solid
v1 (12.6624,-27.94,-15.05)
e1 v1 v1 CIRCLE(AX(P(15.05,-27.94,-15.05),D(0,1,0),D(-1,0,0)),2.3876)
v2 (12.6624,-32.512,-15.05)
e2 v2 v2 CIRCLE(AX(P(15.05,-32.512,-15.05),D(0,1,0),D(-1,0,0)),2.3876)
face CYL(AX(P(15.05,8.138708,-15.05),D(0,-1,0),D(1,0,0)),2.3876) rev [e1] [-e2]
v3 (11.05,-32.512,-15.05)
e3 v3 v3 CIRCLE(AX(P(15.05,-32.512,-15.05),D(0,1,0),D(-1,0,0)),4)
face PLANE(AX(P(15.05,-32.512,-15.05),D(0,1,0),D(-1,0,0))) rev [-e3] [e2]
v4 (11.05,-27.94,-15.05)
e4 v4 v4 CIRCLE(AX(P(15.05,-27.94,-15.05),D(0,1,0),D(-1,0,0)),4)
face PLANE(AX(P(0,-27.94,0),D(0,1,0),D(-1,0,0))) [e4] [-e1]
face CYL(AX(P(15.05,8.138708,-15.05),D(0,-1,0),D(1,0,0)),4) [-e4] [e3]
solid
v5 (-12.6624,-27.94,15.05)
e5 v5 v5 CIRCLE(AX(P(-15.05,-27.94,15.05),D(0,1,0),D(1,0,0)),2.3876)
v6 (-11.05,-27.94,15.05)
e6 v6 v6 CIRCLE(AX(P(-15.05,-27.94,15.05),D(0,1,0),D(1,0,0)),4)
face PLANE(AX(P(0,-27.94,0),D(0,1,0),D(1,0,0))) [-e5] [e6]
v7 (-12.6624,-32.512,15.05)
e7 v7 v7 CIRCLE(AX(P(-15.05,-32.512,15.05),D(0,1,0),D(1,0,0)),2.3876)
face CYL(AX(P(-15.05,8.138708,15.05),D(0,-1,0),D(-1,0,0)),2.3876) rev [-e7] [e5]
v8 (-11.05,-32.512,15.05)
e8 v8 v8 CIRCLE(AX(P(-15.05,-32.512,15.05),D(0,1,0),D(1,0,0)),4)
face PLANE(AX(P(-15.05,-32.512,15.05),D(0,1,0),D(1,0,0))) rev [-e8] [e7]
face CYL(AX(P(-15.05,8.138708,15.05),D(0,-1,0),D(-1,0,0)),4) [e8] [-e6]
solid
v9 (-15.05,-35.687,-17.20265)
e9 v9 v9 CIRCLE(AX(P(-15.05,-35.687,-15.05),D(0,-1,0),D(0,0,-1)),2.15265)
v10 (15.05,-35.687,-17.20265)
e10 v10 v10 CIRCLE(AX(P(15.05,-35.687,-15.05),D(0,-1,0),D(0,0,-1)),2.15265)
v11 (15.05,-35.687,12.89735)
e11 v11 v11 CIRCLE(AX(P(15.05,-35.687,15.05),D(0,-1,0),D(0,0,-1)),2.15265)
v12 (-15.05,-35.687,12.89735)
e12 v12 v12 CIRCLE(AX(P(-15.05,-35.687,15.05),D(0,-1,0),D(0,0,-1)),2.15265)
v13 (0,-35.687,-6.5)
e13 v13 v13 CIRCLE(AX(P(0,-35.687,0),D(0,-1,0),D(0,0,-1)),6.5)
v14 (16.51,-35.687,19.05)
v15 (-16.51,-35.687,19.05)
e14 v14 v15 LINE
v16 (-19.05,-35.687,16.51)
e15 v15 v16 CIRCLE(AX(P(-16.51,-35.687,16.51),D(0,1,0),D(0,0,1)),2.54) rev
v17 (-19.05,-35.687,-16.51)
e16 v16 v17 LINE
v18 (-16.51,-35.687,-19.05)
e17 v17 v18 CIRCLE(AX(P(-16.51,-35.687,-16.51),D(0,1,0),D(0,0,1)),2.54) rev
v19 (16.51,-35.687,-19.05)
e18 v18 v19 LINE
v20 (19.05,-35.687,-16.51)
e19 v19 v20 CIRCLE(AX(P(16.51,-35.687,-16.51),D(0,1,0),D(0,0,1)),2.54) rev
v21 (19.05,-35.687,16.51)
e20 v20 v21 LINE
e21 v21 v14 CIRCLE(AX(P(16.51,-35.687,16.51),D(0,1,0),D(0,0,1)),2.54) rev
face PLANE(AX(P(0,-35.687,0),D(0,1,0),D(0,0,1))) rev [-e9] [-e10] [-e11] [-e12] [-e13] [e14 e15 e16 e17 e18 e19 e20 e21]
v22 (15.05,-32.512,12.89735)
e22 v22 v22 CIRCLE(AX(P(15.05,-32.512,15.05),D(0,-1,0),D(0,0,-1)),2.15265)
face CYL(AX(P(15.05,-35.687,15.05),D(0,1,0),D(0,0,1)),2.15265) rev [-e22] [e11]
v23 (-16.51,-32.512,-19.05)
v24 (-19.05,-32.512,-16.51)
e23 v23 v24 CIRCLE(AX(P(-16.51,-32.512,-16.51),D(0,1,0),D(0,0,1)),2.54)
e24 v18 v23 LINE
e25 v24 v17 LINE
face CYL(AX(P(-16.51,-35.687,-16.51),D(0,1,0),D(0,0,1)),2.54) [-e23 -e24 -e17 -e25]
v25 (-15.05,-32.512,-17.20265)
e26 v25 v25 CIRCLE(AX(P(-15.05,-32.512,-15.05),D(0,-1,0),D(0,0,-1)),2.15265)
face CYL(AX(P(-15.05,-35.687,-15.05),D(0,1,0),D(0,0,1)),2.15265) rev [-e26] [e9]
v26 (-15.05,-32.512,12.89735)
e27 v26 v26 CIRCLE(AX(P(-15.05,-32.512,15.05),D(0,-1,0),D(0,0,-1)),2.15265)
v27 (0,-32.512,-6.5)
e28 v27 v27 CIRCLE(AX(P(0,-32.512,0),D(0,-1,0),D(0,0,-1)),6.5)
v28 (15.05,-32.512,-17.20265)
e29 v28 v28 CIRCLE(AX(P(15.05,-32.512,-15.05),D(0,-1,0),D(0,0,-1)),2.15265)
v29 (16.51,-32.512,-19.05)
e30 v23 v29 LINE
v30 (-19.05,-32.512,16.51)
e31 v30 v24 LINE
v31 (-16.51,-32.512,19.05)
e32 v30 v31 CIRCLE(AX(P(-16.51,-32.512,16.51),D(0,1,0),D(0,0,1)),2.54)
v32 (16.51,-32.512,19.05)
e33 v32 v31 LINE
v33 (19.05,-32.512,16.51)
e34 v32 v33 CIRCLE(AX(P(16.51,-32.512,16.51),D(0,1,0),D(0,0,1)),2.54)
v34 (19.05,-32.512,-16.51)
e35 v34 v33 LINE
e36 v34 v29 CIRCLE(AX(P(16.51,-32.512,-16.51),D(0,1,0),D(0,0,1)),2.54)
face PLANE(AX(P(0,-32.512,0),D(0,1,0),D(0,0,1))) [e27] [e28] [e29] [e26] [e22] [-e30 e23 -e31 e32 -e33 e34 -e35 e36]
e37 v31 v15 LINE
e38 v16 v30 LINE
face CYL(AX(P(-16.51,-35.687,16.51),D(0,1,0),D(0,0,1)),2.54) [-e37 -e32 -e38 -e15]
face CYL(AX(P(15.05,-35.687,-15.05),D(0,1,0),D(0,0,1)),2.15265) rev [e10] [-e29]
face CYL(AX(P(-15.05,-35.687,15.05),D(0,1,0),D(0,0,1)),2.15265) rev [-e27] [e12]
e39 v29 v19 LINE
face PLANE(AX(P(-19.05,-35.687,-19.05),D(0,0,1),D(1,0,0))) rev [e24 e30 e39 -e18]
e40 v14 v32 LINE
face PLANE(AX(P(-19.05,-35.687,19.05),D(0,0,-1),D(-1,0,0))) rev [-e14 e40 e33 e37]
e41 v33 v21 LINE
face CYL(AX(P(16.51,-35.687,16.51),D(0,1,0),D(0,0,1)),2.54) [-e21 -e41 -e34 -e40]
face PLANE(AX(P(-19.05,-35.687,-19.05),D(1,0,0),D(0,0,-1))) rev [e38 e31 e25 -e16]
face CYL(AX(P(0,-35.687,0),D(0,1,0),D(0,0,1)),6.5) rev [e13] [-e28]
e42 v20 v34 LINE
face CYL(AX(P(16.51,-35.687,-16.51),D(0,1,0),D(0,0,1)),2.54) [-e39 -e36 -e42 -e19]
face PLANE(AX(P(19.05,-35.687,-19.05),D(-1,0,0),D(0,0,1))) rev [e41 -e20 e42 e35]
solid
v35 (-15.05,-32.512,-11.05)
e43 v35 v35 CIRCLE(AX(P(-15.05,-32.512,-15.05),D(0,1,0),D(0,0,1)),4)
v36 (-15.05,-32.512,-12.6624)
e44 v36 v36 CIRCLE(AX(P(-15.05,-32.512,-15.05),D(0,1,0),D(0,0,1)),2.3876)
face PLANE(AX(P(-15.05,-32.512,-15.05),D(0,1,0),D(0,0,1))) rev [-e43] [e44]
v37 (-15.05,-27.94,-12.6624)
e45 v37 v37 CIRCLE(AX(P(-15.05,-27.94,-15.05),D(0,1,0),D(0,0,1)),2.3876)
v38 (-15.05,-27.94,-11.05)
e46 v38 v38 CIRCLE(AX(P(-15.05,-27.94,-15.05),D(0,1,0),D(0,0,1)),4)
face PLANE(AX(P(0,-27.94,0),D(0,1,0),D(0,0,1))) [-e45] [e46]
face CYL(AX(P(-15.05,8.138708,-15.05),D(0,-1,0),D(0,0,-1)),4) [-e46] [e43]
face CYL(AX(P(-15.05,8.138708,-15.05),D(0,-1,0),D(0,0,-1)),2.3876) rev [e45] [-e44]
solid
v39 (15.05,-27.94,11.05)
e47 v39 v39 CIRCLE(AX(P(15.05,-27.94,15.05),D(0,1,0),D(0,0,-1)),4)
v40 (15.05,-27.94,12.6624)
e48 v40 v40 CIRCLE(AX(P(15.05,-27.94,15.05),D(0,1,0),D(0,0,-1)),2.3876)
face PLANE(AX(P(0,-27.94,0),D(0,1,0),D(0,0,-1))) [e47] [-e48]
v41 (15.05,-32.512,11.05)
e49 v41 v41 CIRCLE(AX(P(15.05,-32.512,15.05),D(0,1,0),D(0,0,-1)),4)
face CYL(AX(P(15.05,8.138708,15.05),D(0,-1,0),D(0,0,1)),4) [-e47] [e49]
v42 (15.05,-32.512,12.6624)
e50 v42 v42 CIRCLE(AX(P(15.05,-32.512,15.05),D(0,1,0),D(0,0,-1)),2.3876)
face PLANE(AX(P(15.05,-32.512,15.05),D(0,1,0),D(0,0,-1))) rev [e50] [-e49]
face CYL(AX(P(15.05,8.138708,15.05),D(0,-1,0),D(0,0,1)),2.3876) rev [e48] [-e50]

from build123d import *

# Parameters (mm, degrees)
SKETCH1_W           = 38.1
SKETCH1_H           = 38.1
SKETCH1_R           = 4
SKETCH1_R_2         = 1.5875
SKETCH1_R_3         = 1.25
BOSS_EXTRUDE1_DEPTH = 3.175
SKETCH4_R           = 1.7272
CUT_EXTRUDE2_DEPTH  = 10.795
SKETCH7_R           = 2.15265
CUT_EXTRUDE3_DEPTH  = 28.679008383
CIRPATTERN1_COUNT   = 4
SKETCH6_W           = 38.1
SKETCH6_H           = 38.1
SKETCH6_R           = 6.5
SKETCH6_R_2         = 2.15265
BOSS_EXTRUDE2_DEPTH = 3.175
FILLET1_R           = 2.54
FILLET2_R           = 2.54
SKETCH8_R           = 4
SKETCH8_R_2         = 2.3876
BOSS_EXTRUDE3_DEPTH = 4.572
CIRPATTERN2_COUNT   = 4


with BuildPart() as part:
    # Sketch1 → Boss-Extrude1 (new, symmetric)
    with BuildSketch(Plane(origin=(0, 0, 0), x_dir=(1, 0, 0), z_dir=(0, 1, 0))):
        Rectangle(SKETCH1_W, SKETCH1_H)
        with Locations(Location((0, 0, 0), (0, 0, 270))):
            Circle(SKETCH1_R, mode=Mode.SUBTRACT)
        with Locations(Location((8.838834765, 8.838834765, 0), (0, 0, 270))):
            Circle(SKETCH1_R_2, mode=Mode.SUBTRACT)
        with Locations(Location((8.838834765, -8.838834765, 0), (0, 0, 270))):
            Circle(SKETCH1_R_2, mode=Mode.SUBTRACT)
        with Locations(Location((-8.838834765, -8.838834765, 0), (0, 0, 270))):
            Circle(SKETCH1_R_2, mode=Mode.SUBTRACT)
        with Locations(Location((-8.838834765, 8.838834765, 0), (0, 0, 270))):
            Circle(SKETCH1_R_2, mode=Mode.SUBTRACT)
        with Locations(Location((-14.5, 0, 0), (0, 0, 270))):
            Circle(SKETCH1_R_3, mode=Mode.SUBTRACT)
        with Locations(Location((0, 14.5, 0), (0, 0, 270))):
            Circle(SKETCH1_R_3, mode=Mode.SUBTRACT)
        with Locations(Location((14.5, 0, 0), (0, 0, 270))):
            Circle(SKETCH1_R_3, mode=Mode.SUBTRACT)
        with Locations(Location((0, -14.5, 0), (0, 0, 270))):
            Circle(SKETCH1_R_3, mode=Mode.SUBTRACT)
    extrude(amount=BOSS_EXTRUDE1_DEPTH, both=True)

    # Sketch4 → Cut-Extrude2 (cut)
    with BuildSketch(Plane.XY.offset(19.05)):
        with Locations((-5.55625, 0)):
            Circle(SKETCH4_R)
        with Locations((5.55625, 0)):
            Circle(SKETCH4_R)
    cut_extrude2 = extrude(amount=-CUT_EXTRUDE2_DEPTH, mode=Mode.SUBTRACT)

    # Sketch7 → Cut-Extrude3 (cut, through all)
    with BuildSketch(Plane.XZ.offset(3.175)):
        with Locations(Location((-15.05, 15.05, 0), (0, 0, 270))):
            Circle(SKETCH7_R)
        with Locations(Location((15.05, 15.05, 0), (0, 0, 270))):
            Circle(SKETCH7_R)
        with Locations(Location((15.05, -15.05, 0), (0, 0, 270))):
            Circle(SKETCH7_R)
        with Locations(Location((-15.05, -15.05, 0), (0, 0, 270))):
            Circle(SKETCH7_R)
    extrude(amount=-CUT_EXTRUDE3_DEPTH, mode=Mode.SUBTRACT)

    # CirPattern1: Cut-Extrude2 ×4 about axis
    cirpattern1_axis = Axis((0, 0, 0), (0, 1, 0))
    for i in range(1, CIRPATTERN1_COUNT):
        add(cut_extrude2.rotate(cirpattern1_axis, i * 360 / CIRPATTERN1_COUNT), mode=Mode.SUBTRACT)

    # Fillet1
    fillet1_edges = [part.edges().sort_by_distance(p)[0] for p in [
        (19.05, 0, 19.05),
        (-19.05, 0, 19.05),
        (-19.05, 0, -19.05),
        (19.05, 0, -19.05),
    ]]
    fillet(fillet1_edges, radius=FILLET1_R)


with BuildPart() as body_2:
    # Sketch6 → Boss-Extrude2 (new body)
    with BuildSketch(Plane(origin=(0, -32.512, 0), x_dir=(-1, 0, 0), z_dir=(0, -1, 0))):
        Rectangle(SKETCH6_W, SKETCH6_H)
        with Locations(Location((0, 0, 0), (0, 0, 90))):
            Circle(SKETCH6_R, mode=Mode.SUBTRACT)
        with Locations(Location((-15.05, 15.05, 0), (0, 0, 90))):
            Circle(SKETCH6_R_2, mode=Mode.SUBTRACT)
        with Locations(Location((15.05, 15.05, 0), (0, 0, 90))):
            Circle(SKETCH6_R_2, mode=Mode.SUBTRACT)
        with Locations(Location((15.05, -15.05, 0), (0, 0, 90))):
            Circle(SKETCH6_R_2, mode=Mode.SUBTRACT)
        with Locations(Location((-15.05, -15.05, 0), (0, 0, 90))):
            Circle(SKETCH6_R_2, mode=Mode.SUBTRACT)
    extrude(amount=BOSS_EXTRUDE2_DEPTH)

    # Fillet2
    fillet2_edges = [body_2.edges().sort_by_distance(p)[0] for p in [
        (-19.05, -34.0995, 19.05),
        (19.05, -34.0995, 19.05),
        (19.05, -34.0995, -19.05),
        (-19.05, -34.0995, -19.05),
    ]]
    fillet(fillet2_edges, radius=FILLET2_R)


with BuildPart() as body_3:
    # Sketch8 → Boss-Extrude3 (new body)
    with BuildSketch(Plane(origin=(0, -32.512, 0), x_dir=(1, 0, 0), z_dir=(0, 1, 0))):
        with Locations(Location((-15.05, 15.05, 0), (0, 0, 270))):
            Circle(SKETCH8_R)
        with Locations(Location((-15.05, 15.05, 0), (0, 0, 270))):
            Circle(SKETCH8_R_2, mode=Mode.SUBTRACT)
    extrude(amount=BOSS_EXTRUDE3_DEPTH)


with BuildPart() as cirpattern2_1:
    # CirPattern2: pattern copy
    add(body_3.part.rotate(Axis((0, 0, 0), (0, 1, 0)), 1 * 360 / CIRPATTERN2_COUNT))


with BuildPart() as cirpattern2_2:
    # CirPattern2: pattern copy
    add(body_3.part.rotate(Axis((0, 0, 0), (0, 1, 0)), 2 * 360 / CIRPATTERN2_COUNT))


with BuildPart() as cirpattern2_3:
    # CirPattern2: pattern copy
    add(body_3.part.rotate(Axis((0, 0, 0), (0, 1, 0)), 3 * 360 / CIRPATTERN2_COUNT))


solid = Compound([body_2.part, body_3.part, cirpattern2_1.part, cirpattern2_2.part, cirpattern2_3.part])
